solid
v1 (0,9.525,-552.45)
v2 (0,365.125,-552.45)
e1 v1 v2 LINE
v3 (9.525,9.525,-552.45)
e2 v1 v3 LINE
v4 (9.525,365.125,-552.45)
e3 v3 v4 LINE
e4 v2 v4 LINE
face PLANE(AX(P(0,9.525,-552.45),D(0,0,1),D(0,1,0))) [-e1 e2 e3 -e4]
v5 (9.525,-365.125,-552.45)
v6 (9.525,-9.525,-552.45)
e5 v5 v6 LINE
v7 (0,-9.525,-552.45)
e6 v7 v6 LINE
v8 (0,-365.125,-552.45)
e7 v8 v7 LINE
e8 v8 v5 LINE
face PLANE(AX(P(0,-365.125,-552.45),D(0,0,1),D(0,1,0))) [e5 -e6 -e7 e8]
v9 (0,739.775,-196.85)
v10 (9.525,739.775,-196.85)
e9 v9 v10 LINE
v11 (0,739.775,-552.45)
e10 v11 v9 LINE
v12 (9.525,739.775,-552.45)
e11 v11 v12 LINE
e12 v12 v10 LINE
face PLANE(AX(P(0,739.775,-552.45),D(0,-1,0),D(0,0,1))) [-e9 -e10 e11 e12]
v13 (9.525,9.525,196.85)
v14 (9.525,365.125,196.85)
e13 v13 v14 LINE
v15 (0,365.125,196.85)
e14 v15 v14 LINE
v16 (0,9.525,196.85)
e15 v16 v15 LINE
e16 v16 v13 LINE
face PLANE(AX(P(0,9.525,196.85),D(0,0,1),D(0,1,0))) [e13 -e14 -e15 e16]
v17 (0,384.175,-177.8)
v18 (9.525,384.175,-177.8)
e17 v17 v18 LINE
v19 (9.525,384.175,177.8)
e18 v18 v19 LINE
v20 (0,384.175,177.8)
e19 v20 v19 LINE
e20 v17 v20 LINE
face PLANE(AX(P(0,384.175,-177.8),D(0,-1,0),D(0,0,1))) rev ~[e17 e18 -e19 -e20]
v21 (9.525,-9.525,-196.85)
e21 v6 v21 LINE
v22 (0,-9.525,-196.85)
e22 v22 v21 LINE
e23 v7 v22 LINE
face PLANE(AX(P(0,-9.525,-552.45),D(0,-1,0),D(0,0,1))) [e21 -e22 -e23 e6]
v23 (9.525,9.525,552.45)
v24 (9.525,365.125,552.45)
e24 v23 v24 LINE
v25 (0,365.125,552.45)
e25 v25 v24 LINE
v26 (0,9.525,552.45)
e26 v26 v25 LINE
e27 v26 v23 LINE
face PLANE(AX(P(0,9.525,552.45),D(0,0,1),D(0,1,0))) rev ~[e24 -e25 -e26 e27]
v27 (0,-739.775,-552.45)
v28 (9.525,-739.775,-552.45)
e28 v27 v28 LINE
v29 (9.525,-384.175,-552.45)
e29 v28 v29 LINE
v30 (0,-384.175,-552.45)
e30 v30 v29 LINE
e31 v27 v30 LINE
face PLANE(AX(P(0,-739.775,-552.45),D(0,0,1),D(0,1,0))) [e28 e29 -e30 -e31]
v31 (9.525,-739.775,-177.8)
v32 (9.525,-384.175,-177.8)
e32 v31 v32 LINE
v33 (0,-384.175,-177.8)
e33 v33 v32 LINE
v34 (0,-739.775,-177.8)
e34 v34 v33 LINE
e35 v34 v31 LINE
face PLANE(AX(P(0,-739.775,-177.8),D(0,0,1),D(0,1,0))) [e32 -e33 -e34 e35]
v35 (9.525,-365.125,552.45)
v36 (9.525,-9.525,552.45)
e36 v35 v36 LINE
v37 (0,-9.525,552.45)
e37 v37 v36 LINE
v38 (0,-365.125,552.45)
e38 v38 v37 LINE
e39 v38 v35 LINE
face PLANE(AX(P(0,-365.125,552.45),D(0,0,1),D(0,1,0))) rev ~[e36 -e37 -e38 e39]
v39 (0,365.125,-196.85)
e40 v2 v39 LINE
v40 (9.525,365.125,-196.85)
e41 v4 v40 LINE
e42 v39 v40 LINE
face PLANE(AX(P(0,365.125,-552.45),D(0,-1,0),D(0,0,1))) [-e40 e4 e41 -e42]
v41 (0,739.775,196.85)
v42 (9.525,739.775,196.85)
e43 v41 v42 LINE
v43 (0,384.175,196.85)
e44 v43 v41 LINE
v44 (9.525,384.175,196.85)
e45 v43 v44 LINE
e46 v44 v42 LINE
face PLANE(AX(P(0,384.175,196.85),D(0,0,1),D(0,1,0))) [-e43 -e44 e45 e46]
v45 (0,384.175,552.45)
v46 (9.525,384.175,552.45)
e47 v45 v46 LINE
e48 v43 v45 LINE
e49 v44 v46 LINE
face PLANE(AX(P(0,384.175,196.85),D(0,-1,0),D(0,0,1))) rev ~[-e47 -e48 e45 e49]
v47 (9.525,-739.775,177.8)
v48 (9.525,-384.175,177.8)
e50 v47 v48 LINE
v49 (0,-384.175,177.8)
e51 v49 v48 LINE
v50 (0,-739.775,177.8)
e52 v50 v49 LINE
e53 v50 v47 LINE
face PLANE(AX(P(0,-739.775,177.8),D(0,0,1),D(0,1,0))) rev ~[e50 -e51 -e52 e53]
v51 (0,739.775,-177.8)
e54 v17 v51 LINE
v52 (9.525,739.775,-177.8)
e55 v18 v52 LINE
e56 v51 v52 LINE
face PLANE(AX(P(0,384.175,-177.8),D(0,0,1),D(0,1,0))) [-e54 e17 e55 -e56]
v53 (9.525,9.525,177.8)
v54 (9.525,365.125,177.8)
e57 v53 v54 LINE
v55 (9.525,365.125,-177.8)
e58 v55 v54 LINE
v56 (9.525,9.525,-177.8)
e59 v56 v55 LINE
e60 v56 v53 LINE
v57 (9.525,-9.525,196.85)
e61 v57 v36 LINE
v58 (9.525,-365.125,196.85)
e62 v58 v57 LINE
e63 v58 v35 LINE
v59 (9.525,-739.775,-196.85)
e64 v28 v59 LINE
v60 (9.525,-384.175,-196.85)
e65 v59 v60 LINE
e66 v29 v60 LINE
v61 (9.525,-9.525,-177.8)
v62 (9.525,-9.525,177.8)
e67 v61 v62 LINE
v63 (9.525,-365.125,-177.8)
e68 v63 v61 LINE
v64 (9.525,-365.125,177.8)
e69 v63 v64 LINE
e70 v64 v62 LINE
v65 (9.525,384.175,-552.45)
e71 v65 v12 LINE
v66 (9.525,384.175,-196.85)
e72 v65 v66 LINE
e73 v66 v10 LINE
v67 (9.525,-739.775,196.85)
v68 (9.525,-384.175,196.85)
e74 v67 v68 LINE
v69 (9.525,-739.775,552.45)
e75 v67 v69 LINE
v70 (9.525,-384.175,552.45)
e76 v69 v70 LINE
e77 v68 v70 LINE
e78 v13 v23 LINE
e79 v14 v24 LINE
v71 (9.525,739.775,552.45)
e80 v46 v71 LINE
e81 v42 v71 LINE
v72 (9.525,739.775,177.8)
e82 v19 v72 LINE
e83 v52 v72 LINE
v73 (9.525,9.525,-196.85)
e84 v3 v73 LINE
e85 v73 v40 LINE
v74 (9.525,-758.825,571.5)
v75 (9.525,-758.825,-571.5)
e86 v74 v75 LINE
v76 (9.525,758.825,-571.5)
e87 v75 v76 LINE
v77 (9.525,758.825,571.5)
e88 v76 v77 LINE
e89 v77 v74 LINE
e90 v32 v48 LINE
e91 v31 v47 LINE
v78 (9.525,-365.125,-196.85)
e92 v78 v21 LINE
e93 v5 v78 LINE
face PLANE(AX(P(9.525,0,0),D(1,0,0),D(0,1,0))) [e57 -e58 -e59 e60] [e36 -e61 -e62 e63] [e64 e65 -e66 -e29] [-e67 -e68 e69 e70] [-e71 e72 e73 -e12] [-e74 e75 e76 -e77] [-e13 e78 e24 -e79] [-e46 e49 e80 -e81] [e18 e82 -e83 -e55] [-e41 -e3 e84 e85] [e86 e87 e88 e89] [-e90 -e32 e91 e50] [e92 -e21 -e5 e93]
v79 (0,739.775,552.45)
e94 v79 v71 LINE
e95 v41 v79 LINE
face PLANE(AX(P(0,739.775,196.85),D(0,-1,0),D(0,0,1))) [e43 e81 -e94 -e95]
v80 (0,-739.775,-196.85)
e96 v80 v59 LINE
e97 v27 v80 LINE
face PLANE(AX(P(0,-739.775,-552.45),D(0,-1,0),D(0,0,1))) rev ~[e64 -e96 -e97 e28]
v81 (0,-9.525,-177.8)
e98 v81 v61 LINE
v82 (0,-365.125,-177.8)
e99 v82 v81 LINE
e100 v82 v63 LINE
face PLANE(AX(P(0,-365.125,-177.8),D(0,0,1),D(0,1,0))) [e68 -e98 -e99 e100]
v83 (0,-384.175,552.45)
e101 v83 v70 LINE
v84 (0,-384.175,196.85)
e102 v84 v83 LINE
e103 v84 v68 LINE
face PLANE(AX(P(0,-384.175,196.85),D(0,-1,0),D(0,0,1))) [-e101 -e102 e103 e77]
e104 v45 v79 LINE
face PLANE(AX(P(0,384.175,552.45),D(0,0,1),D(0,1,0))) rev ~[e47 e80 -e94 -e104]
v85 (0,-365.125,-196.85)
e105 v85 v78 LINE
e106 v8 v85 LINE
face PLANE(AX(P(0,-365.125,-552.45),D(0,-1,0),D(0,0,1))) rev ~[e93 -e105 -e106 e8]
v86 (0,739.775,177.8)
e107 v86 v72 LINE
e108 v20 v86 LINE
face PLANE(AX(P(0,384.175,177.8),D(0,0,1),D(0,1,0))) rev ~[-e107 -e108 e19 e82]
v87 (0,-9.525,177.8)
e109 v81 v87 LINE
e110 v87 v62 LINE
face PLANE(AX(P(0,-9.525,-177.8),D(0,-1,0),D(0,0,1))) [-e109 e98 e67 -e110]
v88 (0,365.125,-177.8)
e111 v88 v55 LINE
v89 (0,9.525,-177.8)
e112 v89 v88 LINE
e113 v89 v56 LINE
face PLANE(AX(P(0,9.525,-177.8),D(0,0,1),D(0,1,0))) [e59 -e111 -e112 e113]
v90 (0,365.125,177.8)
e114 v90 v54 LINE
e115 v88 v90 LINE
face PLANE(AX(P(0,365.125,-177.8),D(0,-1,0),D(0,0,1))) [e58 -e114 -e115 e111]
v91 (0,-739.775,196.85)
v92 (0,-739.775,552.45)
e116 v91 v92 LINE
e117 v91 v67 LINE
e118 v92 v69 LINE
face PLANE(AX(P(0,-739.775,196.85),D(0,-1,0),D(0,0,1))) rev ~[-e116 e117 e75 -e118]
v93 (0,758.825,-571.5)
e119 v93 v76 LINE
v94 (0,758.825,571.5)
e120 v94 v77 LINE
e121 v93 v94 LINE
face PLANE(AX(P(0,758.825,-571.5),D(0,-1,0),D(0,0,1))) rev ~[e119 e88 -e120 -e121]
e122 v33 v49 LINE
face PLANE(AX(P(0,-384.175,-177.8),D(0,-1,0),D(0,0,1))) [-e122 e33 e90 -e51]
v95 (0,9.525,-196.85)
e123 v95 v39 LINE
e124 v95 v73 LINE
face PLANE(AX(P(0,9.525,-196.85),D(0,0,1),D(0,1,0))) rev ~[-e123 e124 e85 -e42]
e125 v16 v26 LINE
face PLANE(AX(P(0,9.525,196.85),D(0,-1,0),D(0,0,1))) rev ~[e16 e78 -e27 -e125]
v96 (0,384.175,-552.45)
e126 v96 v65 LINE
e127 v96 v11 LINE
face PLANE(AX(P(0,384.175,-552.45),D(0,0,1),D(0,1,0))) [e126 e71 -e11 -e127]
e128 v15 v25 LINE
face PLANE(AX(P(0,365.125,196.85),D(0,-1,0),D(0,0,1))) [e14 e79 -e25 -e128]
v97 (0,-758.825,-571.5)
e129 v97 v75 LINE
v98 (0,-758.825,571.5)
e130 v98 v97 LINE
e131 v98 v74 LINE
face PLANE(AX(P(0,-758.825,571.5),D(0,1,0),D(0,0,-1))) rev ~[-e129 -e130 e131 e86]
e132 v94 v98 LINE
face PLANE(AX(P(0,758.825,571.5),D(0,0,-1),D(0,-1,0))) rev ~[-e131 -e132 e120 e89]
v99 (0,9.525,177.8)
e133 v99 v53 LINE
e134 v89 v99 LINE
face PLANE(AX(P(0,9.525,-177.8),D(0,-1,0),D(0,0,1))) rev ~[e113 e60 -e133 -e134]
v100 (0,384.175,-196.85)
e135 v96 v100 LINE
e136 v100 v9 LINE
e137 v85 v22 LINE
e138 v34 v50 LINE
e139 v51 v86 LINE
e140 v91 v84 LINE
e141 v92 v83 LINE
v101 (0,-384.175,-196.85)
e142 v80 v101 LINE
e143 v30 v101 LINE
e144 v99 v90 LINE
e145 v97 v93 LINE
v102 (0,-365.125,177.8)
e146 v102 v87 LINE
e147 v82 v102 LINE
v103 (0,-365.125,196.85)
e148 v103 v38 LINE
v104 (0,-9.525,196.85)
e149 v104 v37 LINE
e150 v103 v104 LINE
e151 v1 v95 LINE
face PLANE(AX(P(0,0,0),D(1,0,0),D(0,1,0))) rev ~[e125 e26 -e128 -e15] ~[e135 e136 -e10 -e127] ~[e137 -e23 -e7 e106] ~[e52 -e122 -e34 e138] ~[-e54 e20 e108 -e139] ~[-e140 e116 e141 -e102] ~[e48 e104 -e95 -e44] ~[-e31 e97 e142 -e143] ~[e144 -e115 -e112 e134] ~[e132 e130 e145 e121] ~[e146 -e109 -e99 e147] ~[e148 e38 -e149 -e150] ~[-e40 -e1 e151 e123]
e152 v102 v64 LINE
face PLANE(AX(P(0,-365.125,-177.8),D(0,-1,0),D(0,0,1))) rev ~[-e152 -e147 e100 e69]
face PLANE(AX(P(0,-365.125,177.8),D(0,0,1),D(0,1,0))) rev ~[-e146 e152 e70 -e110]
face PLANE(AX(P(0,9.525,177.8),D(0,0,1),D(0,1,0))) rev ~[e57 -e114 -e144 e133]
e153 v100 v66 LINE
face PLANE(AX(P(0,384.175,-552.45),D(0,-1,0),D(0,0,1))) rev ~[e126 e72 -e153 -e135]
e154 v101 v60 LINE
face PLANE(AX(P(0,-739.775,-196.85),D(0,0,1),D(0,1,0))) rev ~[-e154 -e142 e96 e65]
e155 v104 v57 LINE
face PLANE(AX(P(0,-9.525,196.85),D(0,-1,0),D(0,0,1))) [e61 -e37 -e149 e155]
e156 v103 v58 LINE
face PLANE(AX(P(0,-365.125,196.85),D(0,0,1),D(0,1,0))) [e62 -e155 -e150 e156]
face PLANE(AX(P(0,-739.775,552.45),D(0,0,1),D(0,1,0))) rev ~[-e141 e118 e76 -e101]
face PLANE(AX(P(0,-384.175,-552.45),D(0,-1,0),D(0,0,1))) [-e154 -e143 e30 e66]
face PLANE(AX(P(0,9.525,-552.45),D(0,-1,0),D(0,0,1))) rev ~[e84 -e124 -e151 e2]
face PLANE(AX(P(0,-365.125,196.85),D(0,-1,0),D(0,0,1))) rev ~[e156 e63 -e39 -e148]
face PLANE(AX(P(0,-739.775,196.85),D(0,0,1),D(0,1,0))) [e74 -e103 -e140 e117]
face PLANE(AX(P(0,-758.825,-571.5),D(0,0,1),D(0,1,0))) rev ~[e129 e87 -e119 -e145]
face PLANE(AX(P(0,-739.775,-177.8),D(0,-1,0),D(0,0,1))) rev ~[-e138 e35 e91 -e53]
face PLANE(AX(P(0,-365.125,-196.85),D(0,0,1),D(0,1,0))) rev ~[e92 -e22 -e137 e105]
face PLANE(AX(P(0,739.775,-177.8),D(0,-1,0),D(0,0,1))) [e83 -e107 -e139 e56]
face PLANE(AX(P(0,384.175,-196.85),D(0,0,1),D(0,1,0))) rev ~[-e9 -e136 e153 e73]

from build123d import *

# Parameters (mm, degrees)
F0_W     = 355.6
F0_H     = 355.6
F1_DEPTH = 9.525


with BuildPart() as f1:
    # F0 (on Right) → F1 (new body)
    with BuildSketch(Plane.YZ):
        Polygon((758.825, -571.5), (758.825, 571.5), (-739.775, 571.5), (-758.825, 571.5), (-758.825, 552.45), (-758.825, -571.5), align=None)
        with Locations((-561.975, -374.65)):
            Rectangle(F0_W, F0_H, mode=Mode.SUBTRACT)
        with Locations((-187.325, -374.65)):
            Rectangle(F0_W, F0_H, mode=Mode.SUBTRACT)
        with Locations((187.325, -374.65)):
            Rectangle(F0_W, F0_H, mode=Mode.SUBTRACT)
        with Locations((561.975, -374.65)):
            Rectangle(F0_W, F0_H, mode=Mode.SUBTRACT)
        with Locations((-561.975, 0)):
            Rectangle(F0_W, F0_H, mode=Mode.SUBTRACT)
        with Locations((-187.325, 0)):
            Rectangle(F0_W, F0_H, mode=Mode.SUBTRACT)
        with Locations((-561.975, 374.65)):
            Rectangle(F0_W, F0_H, mode=Mode.SUBTRACT)
        with Locations((-187.325, 374.65)):
            Rectangle(F0_W, F0_H, mode=Mode.SUBTRACT)
        with Locations((187.325, 0)):
            Rectangle(F0_W, F0_H, mode=Mode.SUBTRACT)
        with Locations((561.975, 0)):
            Rectangle(F0_W, F0_H, mode=Mode.SUBTRACT)
        with Locations((187.325, 374.65)):
            Rectangle(F0_W, F0_H, mode=Mode.SUBTRACT)
        with Locations((561.975, 374.65)):
            Rectangle(F0_W, F0_H, mode=Mode.SUBTRACT)
    extrude(amount=F1_DEPTH)


solid = f1.part
